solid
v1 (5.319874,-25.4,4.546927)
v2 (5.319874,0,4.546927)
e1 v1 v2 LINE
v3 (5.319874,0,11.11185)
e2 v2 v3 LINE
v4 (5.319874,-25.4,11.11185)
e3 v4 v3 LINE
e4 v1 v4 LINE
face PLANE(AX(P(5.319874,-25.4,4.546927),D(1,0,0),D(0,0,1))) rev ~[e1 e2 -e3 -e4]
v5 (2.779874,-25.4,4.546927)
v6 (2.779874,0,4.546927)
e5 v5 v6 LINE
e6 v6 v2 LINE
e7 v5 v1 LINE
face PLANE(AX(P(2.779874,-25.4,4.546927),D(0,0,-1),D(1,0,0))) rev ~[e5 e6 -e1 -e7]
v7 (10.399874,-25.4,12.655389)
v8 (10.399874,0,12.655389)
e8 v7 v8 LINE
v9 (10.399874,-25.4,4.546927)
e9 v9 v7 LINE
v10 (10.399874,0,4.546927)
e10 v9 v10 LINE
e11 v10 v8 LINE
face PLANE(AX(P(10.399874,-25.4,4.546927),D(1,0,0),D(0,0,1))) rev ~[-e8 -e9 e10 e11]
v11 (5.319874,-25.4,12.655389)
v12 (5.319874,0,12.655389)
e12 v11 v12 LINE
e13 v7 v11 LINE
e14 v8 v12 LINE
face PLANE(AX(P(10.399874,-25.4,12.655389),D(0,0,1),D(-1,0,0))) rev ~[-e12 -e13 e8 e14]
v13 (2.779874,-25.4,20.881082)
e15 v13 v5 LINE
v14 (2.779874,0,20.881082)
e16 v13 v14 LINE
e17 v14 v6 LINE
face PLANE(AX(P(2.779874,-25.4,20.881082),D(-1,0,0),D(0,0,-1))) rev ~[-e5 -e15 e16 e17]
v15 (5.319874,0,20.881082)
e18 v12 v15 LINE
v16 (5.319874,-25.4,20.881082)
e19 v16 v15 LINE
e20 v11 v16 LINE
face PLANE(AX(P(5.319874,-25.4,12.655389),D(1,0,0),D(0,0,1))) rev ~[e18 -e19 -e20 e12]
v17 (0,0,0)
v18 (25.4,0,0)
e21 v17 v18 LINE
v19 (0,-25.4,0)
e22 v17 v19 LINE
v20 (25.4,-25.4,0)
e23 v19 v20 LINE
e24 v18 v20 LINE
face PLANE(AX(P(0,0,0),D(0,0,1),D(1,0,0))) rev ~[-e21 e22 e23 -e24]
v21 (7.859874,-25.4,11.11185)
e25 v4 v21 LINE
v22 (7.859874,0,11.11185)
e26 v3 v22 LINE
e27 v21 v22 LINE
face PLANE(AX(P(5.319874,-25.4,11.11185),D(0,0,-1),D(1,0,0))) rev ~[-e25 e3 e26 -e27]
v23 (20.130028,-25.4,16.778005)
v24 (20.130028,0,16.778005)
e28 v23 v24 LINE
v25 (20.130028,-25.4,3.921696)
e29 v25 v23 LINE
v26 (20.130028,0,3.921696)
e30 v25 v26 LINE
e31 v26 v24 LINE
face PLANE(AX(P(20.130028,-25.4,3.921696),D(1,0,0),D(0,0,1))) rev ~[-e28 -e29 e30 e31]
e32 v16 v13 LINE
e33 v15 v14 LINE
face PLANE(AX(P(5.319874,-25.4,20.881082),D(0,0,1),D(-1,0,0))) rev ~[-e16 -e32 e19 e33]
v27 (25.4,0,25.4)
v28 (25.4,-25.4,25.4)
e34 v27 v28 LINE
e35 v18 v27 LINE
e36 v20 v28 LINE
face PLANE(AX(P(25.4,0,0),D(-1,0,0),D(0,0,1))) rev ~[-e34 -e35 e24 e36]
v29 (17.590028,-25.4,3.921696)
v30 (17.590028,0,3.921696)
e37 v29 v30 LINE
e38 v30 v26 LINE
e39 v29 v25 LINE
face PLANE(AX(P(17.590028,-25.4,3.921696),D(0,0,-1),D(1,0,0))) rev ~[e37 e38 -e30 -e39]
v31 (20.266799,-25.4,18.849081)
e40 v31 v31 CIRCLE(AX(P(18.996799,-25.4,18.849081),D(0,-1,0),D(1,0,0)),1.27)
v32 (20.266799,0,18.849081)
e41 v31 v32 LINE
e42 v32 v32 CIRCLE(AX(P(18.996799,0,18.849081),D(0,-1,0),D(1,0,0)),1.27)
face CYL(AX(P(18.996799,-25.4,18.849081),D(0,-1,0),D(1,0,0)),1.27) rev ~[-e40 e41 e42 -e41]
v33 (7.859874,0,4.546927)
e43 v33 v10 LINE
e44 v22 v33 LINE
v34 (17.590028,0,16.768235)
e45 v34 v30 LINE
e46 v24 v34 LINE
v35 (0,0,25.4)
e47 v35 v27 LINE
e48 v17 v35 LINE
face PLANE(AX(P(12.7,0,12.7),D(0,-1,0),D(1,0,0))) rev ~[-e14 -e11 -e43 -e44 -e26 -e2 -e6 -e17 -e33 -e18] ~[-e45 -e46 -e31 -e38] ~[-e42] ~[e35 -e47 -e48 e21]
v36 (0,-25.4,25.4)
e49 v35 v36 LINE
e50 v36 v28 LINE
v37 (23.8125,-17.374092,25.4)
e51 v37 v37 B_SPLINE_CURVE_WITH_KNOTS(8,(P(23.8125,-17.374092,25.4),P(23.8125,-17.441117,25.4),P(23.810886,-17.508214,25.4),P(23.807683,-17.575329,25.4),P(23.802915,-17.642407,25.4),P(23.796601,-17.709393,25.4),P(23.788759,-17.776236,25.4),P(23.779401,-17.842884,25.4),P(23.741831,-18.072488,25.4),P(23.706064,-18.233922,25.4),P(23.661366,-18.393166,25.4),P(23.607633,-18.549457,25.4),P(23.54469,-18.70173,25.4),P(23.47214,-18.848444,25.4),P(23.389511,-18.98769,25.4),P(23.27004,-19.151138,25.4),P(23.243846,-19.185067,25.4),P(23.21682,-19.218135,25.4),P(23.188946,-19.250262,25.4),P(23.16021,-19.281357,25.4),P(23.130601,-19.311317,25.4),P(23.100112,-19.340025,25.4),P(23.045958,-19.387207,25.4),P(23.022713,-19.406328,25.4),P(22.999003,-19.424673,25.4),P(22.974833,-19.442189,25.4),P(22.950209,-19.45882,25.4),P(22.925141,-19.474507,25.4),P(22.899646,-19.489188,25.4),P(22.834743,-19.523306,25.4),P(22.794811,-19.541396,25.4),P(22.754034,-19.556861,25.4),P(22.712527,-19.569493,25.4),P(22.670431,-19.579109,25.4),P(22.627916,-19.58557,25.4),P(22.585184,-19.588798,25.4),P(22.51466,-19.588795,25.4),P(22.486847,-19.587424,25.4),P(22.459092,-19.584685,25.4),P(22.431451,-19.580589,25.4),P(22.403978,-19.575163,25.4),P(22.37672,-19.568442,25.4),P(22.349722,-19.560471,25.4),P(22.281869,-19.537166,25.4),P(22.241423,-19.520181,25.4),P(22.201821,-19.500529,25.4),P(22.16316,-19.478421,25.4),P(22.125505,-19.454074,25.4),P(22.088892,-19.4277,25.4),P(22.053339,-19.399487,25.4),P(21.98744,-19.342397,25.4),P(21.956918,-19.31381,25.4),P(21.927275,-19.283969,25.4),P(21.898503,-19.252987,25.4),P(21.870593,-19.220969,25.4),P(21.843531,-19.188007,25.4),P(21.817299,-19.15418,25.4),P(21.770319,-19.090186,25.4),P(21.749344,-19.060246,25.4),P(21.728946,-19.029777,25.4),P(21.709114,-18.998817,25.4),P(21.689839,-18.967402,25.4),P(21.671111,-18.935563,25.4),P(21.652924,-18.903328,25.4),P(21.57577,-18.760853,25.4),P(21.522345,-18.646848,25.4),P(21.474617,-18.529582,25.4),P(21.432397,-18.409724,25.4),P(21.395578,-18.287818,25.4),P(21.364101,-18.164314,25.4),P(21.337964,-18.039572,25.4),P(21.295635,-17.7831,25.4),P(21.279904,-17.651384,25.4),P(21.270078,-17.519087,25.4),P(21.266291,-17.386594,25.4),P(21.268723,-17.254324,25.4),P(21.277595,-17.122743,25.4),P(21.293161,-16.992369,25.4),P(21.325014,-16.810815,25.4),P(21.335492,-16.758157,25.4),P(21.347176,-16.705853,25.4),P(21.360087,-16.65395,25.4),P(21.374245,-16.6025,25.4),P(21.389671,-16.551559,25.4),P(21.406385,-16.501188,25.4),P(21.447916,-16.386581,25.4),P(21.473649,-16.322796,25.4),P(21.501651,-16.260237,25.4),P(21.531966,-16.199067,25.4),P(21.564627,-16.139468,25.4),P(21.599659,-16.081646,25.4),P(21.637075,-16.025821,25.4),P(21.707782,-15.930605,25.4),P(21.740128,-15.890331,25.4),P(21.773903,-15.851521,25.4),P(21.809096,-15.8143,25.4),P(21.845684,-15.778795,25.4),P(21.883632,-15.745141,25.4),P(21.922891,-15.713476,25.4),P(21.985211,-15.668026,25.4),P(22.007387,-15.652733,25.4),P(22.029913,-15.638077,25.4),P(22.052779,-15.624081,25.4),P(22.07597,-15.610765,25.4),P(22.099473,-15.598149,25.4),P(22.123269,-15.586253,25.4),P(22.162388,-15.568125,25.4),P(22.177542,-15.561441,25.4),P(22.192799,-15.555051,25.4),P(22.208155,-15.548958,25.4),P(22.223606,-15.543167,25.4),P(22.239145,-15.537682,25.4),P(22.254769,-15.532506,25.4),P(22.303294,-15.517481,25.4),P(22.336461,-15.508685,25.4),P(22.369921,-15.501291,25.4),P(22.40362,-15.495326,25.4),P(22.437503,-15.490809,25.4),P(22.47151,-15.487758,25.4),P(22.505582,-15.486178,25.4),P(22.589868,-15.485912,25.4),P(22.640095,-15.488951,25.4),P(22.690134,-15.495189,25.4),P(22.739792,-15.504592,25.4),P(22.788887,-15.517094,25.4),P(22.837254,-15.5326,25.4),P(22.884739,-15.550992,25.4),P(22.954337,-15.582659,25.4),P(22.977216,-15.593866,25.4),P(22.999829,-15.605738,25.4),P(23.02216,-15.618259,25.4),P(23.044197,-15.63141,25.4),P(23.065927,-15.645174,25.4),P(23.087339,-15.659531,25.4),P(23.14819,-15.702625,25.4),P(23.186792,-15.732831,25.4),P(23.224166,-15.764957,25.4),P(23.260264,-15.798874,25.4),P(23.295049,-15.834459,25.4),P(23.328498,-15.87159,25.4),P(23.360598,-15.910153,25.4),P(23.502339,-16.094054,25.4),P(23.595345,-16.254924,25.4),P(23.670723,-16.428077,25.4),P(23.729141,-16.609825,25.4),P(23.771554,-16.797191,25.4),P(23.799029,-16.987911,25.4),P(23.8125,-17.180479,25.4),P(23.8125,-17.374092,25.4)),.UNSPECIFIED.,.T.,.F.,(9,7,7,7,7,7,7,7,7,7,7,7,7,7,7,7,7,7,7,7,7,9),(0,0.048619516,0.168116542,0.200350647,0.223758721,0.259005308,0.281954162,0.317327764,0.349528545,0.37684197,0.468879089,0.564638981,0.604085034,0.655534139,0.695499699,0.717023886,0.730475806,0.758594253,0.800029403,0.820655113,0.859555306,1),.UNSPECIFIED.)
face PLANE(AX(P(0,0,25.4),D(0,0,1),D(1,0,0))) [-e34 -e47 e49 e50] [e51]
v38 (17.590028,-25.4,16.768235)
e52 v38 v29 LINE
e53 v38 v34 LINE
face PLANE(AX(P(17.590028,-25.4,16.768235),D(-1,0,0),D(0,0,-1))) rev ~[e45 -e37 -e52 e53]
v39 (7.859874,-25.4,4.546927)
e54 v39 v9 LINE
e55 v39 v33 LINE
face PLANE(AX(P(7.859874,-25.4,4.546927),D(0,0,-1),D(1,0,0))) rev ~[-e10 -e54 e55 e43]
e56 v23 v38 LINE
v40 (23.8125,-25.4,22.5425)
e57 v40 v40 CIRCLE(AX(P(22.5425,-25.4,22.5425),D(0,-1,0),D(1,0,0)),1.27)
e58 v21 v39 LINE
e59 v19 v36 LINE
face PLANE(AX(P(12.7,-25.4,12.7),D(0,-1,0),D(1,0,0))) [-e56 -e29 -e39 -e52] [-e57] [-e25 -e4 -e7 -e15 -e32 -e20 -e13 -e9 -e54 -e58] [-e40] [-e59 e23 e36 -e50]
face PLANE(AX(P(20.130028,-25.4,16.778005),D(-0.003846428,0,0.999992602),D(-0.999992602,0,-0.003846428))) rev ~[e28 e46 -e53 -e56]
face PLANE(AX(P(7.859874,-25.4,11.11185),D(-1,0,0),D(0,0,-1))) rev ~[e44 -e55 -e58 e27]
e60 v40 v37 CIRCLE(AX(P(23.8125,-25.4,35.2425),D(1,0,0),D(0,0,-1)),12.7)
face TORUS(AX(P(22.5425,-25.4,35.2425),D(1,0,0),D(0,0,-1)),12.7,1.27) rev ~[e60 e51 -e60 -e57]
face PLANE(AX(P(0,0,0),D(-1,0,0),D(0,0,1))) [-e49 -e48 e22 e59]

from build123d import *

# Parameters (mm, degrees)
F0_W     = 25.4
F0_H     = 25.4
F1_DEPTH = 25.4
F2_R     = 1.27
F3_DEPTH = 25.4
F4_R     = 1.27


with BuildPart() as f1:
    # F0 (on Front) → F1 (new body)
    with BuildSketch(Plane.XZ):
        with Locations((12.7, 12.7)):
            Rectangle(F0_W, F0_H)
    extrude(amount=F1_DEPTH)

    # F2 (on face) → F3 (cut)
    with BuildSketch(Plane.XZ.offset(25.4)):
        Polygon((10.399874, 12.655389), (5.319874, 12.655389), (5.319874, 20.881082), (4.538336, 20.881082), (2.779874, 20.881082), (2.779874, 4.546927), (4.538336, 4.546927), (5.319874, 4.546927), (5.319874, 11.11185), (7.859874, 11.11185), (7.859874, 4.546927), (10.399874, 4.546927), align=None)
        Polygon((20.130028, 16.778005), (17.590028, 16.768235), (17.590028, 3.921696), (20.130028, 3.921696), align=None)
        with Locations((18.996799, 18.849081)):
            Circle(F2_R)
    extrude(amount=-F3_DEPTH, mode=Mode.SUBTRACT)

    # F4 (on face) → F5 (revolve, cut)
    with BuildSketch(Plane.XZ.offset(25.4)):
        with Locations((22.5425, 22.5425)):
            Circle(F4_R)
    revolve(axis=Axis((23.53713, -25.4, 35.2425), (1, 0, 0)), mode=Mode.SUBTRACT)


solid = f1.part
